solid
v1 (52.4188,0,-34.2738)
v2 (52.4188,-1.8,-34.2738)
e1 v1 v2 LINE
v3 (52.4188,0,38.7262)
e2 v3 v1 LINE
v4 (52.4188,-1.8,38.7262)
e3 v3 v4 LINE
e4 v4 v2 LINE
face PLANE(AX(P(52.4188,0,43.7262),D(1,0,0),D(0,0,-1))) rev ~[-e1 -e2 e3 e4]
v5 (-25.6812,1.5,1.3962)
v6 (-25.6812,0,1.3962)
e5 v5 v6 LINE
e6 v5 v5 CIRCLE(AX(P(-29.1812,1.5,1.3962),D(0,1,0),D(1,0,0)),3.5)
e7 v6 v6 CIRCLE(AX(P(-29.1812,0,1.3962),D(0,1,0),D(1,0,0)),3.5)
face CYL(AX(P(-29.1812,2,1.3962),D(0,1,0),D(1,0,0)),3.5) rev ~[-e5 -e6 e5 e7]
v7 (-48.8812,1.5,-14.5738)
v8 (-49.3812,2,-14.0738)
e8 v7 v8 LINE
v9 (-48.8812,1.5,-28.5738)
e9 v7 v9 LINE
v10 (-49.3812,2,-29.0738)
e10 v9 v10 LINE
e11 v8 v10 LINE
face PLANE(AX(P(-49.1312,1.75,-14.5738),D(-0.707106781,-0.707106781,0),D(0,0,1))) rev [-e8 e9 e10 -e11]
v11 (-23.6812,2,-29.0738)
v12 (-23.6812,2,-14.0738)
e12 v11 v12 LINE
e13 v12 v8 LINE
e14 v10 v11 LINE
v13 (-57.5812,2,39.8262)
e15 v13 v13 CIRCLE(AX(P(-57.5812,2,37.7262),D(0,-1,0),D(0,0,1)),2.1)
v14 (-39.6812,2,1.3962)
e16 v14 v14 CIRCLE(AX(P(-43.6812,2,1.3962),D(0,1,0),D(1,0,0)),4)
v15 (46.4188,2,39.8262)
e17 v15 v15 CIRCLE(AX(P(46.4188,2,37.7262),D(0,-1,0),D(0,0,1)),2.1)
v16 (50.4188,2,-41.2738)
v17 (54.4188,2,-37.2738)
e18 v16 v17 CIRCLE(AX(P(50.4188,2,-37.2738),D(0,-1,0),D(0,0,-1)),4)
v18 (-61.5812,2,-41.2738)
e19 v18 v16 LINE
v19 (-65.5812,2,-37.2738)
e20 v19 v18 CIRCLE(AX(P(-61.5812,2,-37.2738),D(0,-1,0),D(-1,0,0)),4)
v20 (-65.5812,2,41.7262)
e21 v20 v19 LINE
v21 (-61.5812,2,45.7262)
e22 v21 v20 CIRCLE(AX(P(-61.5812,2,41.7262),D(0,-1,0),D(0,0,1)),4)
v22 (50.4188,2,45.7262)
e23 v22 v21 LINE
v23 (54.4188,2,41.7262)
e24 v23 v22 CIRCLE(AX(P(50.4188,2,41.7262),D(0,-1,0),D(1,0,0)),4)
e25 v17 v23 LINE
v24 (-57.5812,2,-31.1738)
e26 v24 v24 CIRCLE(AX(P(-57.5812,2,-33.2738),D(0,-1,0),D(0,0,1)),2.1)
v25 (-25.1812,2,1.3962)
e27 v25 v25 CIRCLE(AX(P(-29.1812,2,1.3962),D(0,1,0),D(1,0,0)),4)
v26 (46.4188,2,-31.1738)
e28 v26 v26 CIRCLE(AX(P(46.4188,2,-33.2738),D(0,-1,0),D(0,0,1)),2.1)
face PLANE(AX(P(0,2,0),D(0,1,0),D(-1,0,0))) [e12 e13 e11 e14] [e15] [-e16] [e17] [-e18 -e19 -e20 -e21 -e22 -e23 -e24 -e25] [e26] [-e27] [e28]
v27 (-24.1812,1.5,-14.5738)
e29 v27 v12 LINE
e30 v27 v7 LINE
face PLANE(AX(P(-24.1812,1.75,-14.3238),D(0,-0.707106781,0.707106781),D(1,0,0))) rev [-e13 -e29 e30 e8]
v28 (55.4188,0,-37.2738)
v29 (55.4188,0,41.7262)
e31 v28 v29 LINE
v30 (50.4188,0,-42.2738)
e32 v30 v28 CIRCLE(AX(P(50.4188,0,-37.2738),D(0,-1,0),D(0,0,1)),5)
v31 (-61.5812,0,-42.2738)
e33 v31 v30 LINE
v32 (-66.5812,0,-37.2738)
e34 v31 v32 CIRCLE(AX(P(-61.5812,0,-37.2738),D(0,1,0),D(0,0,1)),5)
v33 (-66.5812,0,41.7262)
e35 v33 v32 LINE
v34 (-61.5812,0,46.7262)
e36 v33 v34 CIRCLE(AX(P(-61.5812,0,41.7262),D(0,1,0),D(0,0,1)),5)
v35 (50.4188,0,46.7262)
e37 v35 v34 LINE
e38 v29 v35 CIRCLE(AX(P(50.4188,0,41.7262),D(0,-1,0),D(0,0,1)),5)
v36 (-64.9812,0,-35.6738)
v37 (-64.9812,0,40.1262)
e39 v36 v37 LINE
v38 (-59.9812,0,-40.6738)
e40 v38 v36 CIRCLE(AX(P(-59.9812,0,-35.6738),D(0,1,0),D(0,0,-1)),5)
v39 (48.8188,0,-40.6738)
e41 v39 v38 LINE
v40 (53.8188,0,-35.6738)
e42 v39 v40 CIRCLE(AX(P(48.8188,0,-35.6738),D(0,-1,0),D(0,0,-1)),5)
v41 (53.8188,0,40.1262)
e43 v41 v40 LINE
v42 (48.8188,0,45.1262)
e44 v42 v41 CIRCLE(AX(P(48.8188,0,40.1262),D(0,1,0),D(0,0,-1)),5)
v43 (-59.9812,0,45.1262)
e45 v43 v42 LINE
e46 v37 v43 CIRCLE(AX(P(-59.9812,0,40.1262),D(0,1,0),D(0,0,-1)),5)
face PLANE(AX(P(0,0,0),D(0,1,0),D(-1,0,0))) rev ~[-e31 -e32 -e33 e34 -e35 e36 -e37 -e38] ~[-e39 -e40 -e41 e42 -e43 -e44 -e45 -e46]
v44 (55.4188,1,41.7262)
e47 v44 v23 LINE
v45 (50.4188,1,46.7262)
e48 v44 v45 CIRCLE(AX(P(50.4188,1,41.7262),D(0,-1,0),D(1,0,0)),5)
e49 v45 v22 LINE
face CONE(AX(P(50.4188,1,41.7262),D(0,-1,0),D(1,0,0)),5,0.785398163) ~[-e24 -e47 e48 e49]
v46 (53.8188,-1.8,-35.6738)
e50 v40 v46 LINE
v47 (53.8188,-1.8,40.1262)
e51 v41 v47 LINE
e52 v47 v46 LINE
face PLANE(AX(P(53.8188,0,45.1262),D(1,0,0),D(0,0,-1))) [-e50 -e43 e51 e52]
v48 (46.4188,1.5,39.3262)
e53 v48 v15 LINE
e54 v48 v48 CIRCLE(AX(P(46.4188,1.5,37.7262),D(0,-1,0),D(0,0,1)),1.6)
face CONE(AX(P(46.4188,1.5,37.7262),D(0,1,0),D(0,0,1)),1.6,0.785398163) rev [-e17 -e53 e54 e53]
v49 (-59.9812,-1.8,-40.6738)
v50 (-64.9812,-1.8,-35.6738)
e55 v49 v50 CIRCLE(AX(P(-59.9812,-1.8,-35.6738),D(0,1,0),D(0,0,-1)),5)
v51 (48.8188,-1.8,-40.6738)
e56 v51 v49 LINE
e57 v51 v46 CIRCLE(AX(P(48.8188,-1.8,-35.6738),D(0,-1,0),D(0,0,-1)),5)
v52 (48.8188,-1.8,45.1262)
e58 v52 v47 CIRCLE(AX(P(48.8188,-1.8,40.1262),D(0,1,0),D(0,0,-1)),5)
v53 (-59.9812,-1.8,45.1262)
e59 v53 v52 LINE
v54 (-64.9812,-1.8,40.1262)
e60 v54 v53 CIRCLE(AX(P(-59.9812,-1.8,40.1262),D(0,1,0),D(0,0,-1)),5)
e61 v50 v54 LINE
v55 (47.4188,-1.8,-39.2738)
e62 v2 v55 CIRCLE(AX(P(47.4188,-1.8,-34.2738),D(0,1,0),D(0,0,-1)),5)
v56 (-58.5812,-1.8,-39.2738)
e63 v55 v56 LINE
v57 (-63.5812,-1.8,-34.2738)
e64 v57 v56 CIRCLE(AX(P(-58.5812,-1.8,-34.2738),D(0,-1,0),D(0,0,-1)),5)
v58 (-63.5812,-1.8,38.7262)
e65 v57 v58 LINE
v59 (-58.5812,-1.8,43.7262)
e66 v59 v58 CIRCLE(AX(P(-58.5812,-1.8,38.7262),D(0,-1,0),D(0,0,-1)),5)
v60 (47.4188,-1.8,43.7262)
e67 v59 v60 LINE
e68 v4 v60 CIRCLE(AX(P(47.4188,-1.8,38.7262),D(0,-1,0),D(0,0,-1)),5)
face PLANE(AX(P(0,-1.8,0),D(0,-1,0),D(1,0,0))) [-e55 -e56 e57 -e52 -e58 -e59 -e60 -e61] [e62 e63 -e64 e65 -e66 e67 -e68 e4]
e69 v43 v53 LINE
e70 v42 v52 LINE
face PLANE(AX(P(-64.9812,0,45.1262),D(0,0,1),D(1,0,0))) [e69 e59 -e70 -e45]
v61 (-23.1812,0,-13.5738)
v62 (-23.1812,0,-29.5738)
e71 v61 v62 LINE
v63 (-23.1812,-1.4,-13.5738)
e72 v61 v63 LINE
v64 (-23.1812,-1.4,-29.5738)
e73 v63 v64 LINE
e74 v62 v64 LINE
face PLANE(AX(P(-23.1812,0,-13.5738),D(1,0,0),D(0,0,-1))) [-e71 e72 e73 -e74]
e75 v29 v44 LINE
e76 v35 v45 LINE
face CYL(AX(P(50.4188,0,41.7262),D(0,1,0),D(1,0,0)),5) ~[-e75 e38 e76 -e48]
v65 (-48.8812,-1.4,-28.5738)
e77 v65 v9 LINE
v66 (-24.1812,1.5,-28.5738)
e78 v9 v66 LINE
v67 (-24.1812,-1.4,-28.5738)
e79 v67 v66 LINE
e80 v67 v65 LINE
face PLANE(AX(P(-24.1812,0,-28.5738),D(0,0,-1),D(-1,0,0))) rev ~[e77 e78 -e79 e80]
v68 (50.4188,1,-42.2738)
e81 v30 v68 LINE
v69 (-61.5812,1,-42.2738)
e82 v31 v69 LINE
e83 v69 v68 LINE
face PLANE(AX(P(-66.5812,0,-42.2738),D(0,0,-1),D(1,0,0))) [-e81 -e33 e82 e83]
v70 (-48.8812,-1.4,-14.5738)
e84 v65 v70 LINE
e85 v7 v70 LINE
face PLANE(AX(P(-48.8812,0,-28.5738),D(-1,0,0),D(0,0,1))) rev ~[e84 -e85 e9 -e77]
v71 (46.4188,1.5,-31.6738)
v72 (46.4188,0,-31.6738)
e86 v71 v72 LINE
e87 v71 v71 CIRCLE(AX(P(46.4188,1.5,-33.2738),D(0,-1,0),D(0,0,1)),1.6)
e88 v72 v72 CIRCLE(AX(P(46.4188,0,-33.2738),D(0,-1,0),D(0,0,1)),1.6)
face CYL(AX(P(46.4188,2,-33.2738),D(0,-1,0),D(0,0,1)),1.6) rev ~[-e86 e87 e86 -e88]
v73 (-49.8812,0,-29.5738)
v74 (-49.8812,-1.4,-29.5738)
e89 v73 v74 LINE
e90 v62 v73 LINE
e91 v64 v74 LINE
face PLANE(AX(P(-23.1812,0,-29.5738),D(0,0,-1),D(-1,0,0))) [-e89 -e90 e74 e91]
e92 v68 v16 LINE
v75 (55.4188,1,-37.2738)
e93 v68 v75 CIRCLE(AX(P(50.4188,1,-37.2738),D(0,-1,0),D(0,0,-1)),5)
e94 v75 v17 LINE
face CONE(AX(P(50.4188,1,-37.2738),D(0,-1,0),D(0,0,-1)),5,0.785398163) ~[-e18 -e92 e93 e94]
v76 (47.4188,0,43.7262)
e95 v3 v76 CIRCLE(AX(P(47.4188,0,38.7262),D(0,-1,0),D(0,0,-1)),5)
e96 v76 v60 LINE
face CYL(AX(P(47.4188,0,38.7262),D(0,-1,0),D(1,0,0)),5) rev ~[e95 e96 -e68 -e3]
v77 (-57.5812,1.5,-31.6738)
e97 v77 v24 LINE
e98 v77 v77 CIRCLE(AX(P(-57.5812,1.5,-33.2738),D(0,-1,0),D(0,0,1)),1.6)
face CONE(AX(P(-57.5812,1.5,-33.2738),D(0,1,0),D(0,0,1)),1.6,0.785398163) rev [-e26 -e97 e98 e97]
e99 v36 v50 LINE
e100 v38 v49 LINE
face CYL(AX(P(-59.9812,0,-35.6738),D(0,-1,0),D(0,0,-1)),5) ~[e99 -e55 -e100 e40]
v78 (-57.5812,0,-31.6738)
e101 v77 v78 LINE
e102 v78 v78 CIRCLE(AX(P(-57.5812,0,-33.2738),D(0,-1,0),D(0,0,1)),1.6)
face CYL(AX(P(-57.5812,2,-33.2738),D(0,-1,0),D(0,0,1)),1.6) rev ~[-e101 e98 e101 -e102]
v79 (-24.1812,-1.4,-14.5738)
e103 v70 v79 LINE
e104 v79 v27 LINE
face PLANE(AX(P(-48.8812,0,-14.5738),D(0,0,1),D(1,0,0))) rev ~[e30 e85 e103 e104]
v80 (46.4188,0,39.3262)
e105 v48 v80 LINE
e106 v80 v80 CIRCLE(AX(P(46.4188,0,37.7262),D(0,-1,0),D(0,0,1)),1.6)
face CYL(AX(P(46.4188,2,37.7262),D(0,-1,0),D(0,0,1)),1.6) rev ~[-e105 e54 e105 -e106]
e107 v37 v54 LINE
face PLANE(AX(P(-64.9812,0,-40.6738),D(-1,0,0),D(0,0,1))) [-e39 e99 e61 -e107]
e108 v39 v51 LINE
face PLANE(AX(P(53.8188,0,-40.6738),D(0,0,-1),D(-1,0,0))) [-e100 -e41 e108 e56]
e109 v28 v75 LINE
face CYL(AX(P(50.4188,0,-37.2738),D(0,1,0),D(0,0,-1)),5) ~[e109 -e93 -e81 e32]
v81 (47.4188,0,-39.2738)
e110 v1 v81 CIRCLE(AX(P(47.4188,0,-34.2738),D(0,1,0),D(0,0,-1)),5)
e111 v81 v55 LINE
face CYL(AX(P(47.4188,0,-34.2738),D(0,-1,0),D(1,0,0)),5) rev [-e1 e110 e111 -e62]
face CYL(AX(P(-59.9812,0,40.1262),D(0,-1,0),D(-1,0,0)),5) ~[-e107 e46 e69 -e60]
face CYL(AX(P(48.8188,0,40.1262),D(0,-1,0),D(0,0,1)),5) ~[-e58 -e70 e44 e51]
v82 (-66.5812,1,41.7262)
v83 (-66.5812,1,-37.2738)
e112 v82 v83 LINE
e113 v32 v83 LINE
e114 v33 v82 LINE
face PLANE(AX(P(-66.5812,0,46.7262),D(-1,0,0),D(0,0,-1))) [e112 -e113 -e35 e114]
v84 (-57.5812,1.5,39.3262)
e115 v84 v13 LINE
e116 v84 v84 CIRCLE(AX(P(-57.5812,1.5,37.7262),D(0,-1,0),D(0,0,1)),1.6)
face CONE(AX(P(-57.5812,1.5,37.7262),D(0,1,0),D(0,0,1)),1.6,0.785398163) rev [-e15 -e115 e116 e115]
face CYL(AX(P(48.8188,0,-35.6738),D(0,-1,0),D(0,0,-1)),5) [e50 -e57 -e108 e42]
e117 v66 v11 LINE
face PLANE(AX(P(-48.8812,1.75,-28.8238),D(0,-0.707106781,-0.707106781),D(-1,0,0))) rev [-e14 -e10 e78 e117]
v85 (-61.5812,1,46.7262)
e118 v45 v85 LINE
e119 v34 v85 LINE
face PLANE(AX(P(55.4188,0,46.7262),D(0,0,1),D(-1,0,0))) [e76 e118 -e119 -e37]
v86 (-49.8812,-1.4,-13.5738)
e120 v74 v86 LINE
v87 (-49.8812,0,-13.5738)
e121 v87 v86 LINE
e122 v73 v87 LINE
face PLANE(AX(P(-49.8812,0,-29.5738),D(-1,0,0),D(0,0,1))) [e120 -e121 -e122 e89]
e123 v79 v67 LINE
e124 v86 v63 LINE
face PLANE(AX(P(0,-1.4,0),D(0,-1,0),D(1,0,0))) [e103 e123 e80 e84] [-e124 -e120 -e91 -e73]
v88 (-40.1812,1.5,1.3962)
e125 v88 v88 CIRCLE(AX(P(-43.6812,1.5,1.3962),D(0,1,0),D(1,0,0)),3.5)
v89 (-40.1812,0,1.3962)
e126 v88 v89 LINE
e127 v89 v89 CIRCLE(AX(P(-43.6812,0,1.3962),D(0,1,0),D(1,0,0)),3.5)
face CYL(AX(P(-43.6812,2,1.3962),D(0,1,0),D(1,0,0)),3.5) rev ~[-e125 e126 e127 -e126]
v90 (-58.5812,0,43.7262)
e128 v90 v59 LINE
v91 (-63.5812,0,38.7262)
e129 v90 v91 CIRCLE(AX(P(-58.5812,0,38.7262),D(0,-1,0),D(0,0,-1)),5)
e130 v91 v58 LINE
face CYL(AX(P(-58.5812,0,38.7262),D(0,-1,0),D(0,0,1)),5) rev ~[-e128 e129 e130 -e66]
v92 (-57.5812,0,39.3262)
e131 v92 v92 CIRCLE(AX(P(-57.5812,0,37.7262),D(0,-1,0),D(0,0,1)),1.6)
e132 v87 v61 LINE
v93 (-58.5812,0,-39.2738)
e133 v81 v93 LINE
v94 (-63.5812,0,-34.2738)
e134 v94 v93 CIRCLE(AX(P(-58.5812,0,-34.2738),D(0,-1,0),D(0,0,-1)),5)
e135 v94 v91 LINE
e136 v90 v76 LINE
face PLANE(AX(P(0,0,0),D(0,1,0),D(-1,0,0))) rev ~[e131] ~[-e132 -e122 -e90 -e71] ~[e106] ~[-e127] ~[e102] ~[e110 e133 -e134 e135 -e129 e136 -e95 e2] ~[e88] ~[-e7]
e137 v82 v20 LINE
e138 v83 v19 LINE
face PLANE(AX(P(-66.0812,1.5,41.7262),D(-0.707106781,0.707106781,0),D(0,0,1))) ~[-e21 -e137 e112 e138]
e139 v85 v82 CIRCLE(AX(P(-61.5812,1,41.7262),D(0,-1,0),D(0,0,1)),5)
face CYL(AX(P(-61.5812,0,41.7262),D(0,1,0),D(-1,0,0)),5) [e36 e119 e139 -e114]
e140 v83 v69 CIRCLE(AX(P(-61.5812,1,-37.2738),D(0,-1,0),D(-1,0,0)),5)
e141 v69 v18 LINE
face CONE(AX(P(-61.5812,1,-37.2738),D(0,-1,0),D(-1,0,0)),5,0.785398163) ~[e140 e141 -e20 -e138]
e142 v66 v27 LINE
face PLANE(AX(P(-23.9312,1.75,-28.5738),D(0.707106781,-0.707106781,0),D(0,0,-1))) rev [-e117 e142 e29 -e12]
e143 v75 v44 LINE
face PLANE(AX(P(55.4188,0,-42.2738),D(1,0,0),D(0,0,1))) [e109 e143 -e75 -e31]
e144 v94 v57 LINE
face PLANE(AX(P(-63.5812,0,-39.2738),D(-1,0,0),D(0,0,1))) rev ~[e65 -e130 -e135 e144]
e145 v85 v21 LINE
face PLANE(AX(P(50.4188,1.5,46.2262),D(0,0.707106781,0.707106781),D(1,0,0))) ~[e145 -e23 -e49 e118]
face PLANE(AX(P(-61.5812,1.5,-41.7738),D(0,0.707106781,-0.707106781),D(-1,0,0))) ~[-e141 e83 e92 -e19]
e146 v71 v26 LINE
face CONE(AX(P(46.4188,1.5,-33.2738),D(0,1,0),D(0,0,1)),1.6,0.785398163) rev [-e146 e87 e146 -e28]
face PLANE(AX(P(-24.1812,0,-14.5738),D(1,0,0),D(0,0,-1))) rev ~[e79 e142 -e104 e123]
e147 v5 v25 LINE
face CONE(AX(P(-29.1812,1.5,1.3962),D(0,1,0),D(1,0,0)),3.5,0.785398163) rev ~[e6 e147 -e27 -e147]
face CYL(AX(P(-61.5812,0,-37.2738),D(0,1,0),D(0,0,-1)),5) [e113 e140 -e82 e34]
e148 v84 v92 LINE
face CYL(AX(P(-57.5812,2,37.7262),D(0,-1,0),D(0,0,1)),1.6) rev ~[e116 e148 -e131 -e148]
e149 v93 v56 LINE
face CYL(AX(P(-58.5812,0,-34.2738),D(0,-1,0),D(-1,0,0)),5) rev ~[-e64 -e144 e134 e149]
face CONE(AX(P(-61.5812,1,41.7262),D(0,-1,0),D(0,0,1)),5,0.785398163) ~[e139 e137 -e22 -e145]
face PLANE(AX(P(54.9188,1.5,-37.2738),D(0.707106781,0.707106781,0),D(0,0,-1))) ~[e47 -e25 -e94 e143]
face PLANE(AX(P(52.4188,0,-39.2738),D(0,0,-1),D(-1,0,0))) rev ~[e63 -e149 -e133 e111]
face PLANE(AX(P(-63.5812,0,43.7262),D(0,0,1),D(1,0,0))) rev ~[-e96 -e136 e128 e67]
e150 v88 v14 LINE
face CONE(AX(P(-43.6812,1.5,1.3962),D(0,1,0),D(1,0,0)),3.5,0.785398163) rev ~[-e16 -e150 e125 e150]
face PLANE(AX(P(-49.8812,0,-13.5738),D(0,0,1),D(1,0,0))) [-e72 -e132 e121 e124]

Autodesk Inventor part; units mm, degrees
ref_plane "YZ Plane" through (0, 0, 0) normal (1, 0, 0) x (0, 1, 0)
ref_plane "XZ Plane" through (0, 0, 0) normal (0, 1, 0) x (-1, 0, 0)
ref_plane "XY Plane" through (0, 0, 0) normal (0, 0, 1) x (1, 0, 0)
sketch "Sketch1" plane through (0, 0, 0) normal (0, 1, 0) x (-1, 0, 0)
  line L0 (66.5812, -42.2738) -> (-55.4188, -42.2738)
  line L1 (-55.4188, -42.2738) -> (-55.4188, 46.7262)
  line L2 (-55.4188, 46.7262) -> (66.5812, 46.7262)
  line L3 (66.5812, 46.7262) -> (66.5812, -42.2738)
  point P0 (0, 0)
  dimension "d0" = 122
  dimension "d1" = 89
extrude "Extrusion1" add sketch "Sketch1" along normal blind 2
sketch "Sketch2" plane through (0, 0, 0) normal (0, -1, 0) x (1, 0, 0)
  line L0 (53.8188, -40.6738) -> (-64.9812, -40.6738)
  line L1 (-64.9812, -40.6738) -> (-64.9812, 45.1262)
  line L2 (-64.9812, 45.1262) -> (53.8188, 45.1262)
  line L3 (53.8188, 45.1262) -> (53.8188, -40.6738)
  line L4 (55.4188, -42.2738) -> (-66.5812, -42.2738) projected
  line L5 (55.4188, 46.7262) -> (55.4188, -42.2738) projected
  line L6 (-66.5812, 46.7262) -> (55.4188, 46.7262) projected
  line L7 (-66.5812, -42.2738) -> (-66.5812, 46.7262) projected
  line L8 (52.4188, -39.2738) -> (-63.5812, -39.2738)
  line L9 (-63.5812, -39.2738) -> (-63.5812, 43.7262)
  line L10 (-63.5812, 43.7262) -> (52.4188, 43.7262)
  line L11 (52.4188, 43.7262) -> (52.4188, -39.2738)
  point P0 (0, 0)
  dimension "d4" = 1.6
  dimension "d5" = 1.6
  dimension "d6" = 1.6
  dimension "d7" = 1.6
  dimension "d8" = 1.4
  dimension "d9" = 1.4
  dimension "d10" = 1.4
  dimension "d11" = 1.4
extrude "Extrusion2" add sketch "Sketch2" along normal blind 1.8 contours L0 L1 L2 L3
sketch "Sketch3" plane through (0, 2, 0) normal (0, 1, 0) x (1, 0, 0)
  line L0 (55.4188, 42.2738) -> (-66.5812, 42.2738) projected
  line L1 (-66.5812, 42.2738) -> (-66.5812, -46.7262) projected
  point P0 (0, 0)
  point P1 (-57.5812, 33.2738)
  dimension "d14" = 9
  dimension "d15" = 9
hole "Hole1" at (-57.5812, 2, -33.2738) direction (0, -1, 0) diameter 3.2 end through all
pattern_linear "Rectangular Pattern1" count 2 spacing 71 along (0, 0, 1) count 2 spacing 104 along (1, 0, 0) of "Hole1"
fillet "Fillet1" radius 5 12 edges at (-66.5812, 1, 46.7262) (-64.9812, -0.9, 45.1262) (-63.5812, -0.9, 43.7262) (-66.5812, 1, -42.2738) (-64.9812, -0.9, -40.6738) (-63.5812, -0.9, -39.2738) (55.4188, 1, -42.2738) (53.8188, -0.9, -40.6738) (52.4188, -0.9, -39.2738) (52.4188, -0.9, 43.7262) (53.8188, -0.9, 45.1262) (55.4188, 1, 46.7262)
chamfer "Chamfer1" distance 1 angle 45 8 edges at (-5.5812, 2, -42.2738) (-65.1167, 2, -40.8093) (-66.5812, 2, 2.2262) (-65.1167, 2, 45.2618) (-5.5812, 2, 46.7262) (53.9543, 2, 45.2618) (55.4188, 2, 2.2262) (53.9543, 2, -40.8093)
sketch "Sketch4" plane through (0, 2, 0) normal (0, 1, 0) x (1, 0, 0)
  line L0 (-48.8812, 28.5738) -> (-24.1812, 28.5738)
  line L1 (-24.1812, 28.5738) -> (-24.1812, 14.5738)
  line L2 (-24.1812, 14.5738) -> (-48.8812, 14.5738)
  line L3 (-48.8812, 14.5738) -> (-48.8812, 28.5738)
  line L4 (50.4188, 42.2738) -> (-61.5812, 42.2738) projected
  line L5 (-66.5812, 37.2738) -> (-66.5812, -41.7262) projected
  circle A0 centre (-43.6812, -1.3962) radius 3.5
  circle A1 centre (-29.1812, -1.3962) radius 3.5
  point P0 (0, 0)
  dimension "d33" = 24.7
  dimension "d34" = 14
  dimension "d35" = 13.7
  dimension "d36" = 17.7
  dimension "d37" = 7
  dimension "d38" = 7
  dimension "d39" = 22.9
  dimension "d40" = 14.5
  dimension "d41" = 43.67
  dimension "d42" = 43.67
extrude "Extrusion3" cut sketch "Sketch4" against normal through all
sketch "Sketch5" plane through (0, 0, 0) normal (0, -1, 0) x (1, 0, 0)
  line L0 (-48.8812, -14.5738) -> (-24.1812, -14.5738) projected
  line L1 (-48.8812, -14.5738) -> (-24.1812, -14.5738)
  line L2 (-24.1812, -14.5738) -> (-24.1812, -28.5738)
  line L3 (-24.1812, -28.5738) -> (-48.8812, -28.5738)
  line L4 (-48.8812, -28.5738) -> (-48.8812, -14.5738)
  line L5 (-49.8812, -13.5738) -> (-23.1812, -13.5738)
  line L6 (-23.1812, -13.5738) -> (-23.1812, -29.5738)
  line L7 (-23.1812, -29.5738) -> (-49.8812, -29.5738)
  line L8 (-49.8812, -29.5738) -> (-49.8812, -13.5738)
  point P0 (0, 0)
  dimension "d45" = 1
  dimension "d46" = 1
  dimension "d47" = 1
  dimension "d48" = 1
extrude "Extrusion4" add sketch "Sketch5" along normal blind 1.4
chamfer "Chamfer2" distance 0.5 angle 45 10 edges at (-47.1812, 2, 1.3962) (-48.8812, 2, -21.5738) (-36.5312, 2, -14.5738) (-36.5312, 2, -28.5738) (-24.1812, 2, -21.5738) (-32.6812, 2, 1.3962) (46.4188, 2, 36.1262) (-57.5812, 2, 36.1262) (-57.5812, 2, -34.8738) (46.4188, 2, -34.8738)
equation "\"d5\" = d4"
equation "\"d6\" = d4"
equation "\"d7\" = d4"
equation "\"d9\" = d8"
equation "\"d10\" = d8"
equation "\"d11\" = d8"
equation "\"d42\" = d41"
equation "\"d46\" = d45"
equation "\"d47\" = d45"
equation "\"d48\" = d45"
properties part number "housing_top_v_2"
